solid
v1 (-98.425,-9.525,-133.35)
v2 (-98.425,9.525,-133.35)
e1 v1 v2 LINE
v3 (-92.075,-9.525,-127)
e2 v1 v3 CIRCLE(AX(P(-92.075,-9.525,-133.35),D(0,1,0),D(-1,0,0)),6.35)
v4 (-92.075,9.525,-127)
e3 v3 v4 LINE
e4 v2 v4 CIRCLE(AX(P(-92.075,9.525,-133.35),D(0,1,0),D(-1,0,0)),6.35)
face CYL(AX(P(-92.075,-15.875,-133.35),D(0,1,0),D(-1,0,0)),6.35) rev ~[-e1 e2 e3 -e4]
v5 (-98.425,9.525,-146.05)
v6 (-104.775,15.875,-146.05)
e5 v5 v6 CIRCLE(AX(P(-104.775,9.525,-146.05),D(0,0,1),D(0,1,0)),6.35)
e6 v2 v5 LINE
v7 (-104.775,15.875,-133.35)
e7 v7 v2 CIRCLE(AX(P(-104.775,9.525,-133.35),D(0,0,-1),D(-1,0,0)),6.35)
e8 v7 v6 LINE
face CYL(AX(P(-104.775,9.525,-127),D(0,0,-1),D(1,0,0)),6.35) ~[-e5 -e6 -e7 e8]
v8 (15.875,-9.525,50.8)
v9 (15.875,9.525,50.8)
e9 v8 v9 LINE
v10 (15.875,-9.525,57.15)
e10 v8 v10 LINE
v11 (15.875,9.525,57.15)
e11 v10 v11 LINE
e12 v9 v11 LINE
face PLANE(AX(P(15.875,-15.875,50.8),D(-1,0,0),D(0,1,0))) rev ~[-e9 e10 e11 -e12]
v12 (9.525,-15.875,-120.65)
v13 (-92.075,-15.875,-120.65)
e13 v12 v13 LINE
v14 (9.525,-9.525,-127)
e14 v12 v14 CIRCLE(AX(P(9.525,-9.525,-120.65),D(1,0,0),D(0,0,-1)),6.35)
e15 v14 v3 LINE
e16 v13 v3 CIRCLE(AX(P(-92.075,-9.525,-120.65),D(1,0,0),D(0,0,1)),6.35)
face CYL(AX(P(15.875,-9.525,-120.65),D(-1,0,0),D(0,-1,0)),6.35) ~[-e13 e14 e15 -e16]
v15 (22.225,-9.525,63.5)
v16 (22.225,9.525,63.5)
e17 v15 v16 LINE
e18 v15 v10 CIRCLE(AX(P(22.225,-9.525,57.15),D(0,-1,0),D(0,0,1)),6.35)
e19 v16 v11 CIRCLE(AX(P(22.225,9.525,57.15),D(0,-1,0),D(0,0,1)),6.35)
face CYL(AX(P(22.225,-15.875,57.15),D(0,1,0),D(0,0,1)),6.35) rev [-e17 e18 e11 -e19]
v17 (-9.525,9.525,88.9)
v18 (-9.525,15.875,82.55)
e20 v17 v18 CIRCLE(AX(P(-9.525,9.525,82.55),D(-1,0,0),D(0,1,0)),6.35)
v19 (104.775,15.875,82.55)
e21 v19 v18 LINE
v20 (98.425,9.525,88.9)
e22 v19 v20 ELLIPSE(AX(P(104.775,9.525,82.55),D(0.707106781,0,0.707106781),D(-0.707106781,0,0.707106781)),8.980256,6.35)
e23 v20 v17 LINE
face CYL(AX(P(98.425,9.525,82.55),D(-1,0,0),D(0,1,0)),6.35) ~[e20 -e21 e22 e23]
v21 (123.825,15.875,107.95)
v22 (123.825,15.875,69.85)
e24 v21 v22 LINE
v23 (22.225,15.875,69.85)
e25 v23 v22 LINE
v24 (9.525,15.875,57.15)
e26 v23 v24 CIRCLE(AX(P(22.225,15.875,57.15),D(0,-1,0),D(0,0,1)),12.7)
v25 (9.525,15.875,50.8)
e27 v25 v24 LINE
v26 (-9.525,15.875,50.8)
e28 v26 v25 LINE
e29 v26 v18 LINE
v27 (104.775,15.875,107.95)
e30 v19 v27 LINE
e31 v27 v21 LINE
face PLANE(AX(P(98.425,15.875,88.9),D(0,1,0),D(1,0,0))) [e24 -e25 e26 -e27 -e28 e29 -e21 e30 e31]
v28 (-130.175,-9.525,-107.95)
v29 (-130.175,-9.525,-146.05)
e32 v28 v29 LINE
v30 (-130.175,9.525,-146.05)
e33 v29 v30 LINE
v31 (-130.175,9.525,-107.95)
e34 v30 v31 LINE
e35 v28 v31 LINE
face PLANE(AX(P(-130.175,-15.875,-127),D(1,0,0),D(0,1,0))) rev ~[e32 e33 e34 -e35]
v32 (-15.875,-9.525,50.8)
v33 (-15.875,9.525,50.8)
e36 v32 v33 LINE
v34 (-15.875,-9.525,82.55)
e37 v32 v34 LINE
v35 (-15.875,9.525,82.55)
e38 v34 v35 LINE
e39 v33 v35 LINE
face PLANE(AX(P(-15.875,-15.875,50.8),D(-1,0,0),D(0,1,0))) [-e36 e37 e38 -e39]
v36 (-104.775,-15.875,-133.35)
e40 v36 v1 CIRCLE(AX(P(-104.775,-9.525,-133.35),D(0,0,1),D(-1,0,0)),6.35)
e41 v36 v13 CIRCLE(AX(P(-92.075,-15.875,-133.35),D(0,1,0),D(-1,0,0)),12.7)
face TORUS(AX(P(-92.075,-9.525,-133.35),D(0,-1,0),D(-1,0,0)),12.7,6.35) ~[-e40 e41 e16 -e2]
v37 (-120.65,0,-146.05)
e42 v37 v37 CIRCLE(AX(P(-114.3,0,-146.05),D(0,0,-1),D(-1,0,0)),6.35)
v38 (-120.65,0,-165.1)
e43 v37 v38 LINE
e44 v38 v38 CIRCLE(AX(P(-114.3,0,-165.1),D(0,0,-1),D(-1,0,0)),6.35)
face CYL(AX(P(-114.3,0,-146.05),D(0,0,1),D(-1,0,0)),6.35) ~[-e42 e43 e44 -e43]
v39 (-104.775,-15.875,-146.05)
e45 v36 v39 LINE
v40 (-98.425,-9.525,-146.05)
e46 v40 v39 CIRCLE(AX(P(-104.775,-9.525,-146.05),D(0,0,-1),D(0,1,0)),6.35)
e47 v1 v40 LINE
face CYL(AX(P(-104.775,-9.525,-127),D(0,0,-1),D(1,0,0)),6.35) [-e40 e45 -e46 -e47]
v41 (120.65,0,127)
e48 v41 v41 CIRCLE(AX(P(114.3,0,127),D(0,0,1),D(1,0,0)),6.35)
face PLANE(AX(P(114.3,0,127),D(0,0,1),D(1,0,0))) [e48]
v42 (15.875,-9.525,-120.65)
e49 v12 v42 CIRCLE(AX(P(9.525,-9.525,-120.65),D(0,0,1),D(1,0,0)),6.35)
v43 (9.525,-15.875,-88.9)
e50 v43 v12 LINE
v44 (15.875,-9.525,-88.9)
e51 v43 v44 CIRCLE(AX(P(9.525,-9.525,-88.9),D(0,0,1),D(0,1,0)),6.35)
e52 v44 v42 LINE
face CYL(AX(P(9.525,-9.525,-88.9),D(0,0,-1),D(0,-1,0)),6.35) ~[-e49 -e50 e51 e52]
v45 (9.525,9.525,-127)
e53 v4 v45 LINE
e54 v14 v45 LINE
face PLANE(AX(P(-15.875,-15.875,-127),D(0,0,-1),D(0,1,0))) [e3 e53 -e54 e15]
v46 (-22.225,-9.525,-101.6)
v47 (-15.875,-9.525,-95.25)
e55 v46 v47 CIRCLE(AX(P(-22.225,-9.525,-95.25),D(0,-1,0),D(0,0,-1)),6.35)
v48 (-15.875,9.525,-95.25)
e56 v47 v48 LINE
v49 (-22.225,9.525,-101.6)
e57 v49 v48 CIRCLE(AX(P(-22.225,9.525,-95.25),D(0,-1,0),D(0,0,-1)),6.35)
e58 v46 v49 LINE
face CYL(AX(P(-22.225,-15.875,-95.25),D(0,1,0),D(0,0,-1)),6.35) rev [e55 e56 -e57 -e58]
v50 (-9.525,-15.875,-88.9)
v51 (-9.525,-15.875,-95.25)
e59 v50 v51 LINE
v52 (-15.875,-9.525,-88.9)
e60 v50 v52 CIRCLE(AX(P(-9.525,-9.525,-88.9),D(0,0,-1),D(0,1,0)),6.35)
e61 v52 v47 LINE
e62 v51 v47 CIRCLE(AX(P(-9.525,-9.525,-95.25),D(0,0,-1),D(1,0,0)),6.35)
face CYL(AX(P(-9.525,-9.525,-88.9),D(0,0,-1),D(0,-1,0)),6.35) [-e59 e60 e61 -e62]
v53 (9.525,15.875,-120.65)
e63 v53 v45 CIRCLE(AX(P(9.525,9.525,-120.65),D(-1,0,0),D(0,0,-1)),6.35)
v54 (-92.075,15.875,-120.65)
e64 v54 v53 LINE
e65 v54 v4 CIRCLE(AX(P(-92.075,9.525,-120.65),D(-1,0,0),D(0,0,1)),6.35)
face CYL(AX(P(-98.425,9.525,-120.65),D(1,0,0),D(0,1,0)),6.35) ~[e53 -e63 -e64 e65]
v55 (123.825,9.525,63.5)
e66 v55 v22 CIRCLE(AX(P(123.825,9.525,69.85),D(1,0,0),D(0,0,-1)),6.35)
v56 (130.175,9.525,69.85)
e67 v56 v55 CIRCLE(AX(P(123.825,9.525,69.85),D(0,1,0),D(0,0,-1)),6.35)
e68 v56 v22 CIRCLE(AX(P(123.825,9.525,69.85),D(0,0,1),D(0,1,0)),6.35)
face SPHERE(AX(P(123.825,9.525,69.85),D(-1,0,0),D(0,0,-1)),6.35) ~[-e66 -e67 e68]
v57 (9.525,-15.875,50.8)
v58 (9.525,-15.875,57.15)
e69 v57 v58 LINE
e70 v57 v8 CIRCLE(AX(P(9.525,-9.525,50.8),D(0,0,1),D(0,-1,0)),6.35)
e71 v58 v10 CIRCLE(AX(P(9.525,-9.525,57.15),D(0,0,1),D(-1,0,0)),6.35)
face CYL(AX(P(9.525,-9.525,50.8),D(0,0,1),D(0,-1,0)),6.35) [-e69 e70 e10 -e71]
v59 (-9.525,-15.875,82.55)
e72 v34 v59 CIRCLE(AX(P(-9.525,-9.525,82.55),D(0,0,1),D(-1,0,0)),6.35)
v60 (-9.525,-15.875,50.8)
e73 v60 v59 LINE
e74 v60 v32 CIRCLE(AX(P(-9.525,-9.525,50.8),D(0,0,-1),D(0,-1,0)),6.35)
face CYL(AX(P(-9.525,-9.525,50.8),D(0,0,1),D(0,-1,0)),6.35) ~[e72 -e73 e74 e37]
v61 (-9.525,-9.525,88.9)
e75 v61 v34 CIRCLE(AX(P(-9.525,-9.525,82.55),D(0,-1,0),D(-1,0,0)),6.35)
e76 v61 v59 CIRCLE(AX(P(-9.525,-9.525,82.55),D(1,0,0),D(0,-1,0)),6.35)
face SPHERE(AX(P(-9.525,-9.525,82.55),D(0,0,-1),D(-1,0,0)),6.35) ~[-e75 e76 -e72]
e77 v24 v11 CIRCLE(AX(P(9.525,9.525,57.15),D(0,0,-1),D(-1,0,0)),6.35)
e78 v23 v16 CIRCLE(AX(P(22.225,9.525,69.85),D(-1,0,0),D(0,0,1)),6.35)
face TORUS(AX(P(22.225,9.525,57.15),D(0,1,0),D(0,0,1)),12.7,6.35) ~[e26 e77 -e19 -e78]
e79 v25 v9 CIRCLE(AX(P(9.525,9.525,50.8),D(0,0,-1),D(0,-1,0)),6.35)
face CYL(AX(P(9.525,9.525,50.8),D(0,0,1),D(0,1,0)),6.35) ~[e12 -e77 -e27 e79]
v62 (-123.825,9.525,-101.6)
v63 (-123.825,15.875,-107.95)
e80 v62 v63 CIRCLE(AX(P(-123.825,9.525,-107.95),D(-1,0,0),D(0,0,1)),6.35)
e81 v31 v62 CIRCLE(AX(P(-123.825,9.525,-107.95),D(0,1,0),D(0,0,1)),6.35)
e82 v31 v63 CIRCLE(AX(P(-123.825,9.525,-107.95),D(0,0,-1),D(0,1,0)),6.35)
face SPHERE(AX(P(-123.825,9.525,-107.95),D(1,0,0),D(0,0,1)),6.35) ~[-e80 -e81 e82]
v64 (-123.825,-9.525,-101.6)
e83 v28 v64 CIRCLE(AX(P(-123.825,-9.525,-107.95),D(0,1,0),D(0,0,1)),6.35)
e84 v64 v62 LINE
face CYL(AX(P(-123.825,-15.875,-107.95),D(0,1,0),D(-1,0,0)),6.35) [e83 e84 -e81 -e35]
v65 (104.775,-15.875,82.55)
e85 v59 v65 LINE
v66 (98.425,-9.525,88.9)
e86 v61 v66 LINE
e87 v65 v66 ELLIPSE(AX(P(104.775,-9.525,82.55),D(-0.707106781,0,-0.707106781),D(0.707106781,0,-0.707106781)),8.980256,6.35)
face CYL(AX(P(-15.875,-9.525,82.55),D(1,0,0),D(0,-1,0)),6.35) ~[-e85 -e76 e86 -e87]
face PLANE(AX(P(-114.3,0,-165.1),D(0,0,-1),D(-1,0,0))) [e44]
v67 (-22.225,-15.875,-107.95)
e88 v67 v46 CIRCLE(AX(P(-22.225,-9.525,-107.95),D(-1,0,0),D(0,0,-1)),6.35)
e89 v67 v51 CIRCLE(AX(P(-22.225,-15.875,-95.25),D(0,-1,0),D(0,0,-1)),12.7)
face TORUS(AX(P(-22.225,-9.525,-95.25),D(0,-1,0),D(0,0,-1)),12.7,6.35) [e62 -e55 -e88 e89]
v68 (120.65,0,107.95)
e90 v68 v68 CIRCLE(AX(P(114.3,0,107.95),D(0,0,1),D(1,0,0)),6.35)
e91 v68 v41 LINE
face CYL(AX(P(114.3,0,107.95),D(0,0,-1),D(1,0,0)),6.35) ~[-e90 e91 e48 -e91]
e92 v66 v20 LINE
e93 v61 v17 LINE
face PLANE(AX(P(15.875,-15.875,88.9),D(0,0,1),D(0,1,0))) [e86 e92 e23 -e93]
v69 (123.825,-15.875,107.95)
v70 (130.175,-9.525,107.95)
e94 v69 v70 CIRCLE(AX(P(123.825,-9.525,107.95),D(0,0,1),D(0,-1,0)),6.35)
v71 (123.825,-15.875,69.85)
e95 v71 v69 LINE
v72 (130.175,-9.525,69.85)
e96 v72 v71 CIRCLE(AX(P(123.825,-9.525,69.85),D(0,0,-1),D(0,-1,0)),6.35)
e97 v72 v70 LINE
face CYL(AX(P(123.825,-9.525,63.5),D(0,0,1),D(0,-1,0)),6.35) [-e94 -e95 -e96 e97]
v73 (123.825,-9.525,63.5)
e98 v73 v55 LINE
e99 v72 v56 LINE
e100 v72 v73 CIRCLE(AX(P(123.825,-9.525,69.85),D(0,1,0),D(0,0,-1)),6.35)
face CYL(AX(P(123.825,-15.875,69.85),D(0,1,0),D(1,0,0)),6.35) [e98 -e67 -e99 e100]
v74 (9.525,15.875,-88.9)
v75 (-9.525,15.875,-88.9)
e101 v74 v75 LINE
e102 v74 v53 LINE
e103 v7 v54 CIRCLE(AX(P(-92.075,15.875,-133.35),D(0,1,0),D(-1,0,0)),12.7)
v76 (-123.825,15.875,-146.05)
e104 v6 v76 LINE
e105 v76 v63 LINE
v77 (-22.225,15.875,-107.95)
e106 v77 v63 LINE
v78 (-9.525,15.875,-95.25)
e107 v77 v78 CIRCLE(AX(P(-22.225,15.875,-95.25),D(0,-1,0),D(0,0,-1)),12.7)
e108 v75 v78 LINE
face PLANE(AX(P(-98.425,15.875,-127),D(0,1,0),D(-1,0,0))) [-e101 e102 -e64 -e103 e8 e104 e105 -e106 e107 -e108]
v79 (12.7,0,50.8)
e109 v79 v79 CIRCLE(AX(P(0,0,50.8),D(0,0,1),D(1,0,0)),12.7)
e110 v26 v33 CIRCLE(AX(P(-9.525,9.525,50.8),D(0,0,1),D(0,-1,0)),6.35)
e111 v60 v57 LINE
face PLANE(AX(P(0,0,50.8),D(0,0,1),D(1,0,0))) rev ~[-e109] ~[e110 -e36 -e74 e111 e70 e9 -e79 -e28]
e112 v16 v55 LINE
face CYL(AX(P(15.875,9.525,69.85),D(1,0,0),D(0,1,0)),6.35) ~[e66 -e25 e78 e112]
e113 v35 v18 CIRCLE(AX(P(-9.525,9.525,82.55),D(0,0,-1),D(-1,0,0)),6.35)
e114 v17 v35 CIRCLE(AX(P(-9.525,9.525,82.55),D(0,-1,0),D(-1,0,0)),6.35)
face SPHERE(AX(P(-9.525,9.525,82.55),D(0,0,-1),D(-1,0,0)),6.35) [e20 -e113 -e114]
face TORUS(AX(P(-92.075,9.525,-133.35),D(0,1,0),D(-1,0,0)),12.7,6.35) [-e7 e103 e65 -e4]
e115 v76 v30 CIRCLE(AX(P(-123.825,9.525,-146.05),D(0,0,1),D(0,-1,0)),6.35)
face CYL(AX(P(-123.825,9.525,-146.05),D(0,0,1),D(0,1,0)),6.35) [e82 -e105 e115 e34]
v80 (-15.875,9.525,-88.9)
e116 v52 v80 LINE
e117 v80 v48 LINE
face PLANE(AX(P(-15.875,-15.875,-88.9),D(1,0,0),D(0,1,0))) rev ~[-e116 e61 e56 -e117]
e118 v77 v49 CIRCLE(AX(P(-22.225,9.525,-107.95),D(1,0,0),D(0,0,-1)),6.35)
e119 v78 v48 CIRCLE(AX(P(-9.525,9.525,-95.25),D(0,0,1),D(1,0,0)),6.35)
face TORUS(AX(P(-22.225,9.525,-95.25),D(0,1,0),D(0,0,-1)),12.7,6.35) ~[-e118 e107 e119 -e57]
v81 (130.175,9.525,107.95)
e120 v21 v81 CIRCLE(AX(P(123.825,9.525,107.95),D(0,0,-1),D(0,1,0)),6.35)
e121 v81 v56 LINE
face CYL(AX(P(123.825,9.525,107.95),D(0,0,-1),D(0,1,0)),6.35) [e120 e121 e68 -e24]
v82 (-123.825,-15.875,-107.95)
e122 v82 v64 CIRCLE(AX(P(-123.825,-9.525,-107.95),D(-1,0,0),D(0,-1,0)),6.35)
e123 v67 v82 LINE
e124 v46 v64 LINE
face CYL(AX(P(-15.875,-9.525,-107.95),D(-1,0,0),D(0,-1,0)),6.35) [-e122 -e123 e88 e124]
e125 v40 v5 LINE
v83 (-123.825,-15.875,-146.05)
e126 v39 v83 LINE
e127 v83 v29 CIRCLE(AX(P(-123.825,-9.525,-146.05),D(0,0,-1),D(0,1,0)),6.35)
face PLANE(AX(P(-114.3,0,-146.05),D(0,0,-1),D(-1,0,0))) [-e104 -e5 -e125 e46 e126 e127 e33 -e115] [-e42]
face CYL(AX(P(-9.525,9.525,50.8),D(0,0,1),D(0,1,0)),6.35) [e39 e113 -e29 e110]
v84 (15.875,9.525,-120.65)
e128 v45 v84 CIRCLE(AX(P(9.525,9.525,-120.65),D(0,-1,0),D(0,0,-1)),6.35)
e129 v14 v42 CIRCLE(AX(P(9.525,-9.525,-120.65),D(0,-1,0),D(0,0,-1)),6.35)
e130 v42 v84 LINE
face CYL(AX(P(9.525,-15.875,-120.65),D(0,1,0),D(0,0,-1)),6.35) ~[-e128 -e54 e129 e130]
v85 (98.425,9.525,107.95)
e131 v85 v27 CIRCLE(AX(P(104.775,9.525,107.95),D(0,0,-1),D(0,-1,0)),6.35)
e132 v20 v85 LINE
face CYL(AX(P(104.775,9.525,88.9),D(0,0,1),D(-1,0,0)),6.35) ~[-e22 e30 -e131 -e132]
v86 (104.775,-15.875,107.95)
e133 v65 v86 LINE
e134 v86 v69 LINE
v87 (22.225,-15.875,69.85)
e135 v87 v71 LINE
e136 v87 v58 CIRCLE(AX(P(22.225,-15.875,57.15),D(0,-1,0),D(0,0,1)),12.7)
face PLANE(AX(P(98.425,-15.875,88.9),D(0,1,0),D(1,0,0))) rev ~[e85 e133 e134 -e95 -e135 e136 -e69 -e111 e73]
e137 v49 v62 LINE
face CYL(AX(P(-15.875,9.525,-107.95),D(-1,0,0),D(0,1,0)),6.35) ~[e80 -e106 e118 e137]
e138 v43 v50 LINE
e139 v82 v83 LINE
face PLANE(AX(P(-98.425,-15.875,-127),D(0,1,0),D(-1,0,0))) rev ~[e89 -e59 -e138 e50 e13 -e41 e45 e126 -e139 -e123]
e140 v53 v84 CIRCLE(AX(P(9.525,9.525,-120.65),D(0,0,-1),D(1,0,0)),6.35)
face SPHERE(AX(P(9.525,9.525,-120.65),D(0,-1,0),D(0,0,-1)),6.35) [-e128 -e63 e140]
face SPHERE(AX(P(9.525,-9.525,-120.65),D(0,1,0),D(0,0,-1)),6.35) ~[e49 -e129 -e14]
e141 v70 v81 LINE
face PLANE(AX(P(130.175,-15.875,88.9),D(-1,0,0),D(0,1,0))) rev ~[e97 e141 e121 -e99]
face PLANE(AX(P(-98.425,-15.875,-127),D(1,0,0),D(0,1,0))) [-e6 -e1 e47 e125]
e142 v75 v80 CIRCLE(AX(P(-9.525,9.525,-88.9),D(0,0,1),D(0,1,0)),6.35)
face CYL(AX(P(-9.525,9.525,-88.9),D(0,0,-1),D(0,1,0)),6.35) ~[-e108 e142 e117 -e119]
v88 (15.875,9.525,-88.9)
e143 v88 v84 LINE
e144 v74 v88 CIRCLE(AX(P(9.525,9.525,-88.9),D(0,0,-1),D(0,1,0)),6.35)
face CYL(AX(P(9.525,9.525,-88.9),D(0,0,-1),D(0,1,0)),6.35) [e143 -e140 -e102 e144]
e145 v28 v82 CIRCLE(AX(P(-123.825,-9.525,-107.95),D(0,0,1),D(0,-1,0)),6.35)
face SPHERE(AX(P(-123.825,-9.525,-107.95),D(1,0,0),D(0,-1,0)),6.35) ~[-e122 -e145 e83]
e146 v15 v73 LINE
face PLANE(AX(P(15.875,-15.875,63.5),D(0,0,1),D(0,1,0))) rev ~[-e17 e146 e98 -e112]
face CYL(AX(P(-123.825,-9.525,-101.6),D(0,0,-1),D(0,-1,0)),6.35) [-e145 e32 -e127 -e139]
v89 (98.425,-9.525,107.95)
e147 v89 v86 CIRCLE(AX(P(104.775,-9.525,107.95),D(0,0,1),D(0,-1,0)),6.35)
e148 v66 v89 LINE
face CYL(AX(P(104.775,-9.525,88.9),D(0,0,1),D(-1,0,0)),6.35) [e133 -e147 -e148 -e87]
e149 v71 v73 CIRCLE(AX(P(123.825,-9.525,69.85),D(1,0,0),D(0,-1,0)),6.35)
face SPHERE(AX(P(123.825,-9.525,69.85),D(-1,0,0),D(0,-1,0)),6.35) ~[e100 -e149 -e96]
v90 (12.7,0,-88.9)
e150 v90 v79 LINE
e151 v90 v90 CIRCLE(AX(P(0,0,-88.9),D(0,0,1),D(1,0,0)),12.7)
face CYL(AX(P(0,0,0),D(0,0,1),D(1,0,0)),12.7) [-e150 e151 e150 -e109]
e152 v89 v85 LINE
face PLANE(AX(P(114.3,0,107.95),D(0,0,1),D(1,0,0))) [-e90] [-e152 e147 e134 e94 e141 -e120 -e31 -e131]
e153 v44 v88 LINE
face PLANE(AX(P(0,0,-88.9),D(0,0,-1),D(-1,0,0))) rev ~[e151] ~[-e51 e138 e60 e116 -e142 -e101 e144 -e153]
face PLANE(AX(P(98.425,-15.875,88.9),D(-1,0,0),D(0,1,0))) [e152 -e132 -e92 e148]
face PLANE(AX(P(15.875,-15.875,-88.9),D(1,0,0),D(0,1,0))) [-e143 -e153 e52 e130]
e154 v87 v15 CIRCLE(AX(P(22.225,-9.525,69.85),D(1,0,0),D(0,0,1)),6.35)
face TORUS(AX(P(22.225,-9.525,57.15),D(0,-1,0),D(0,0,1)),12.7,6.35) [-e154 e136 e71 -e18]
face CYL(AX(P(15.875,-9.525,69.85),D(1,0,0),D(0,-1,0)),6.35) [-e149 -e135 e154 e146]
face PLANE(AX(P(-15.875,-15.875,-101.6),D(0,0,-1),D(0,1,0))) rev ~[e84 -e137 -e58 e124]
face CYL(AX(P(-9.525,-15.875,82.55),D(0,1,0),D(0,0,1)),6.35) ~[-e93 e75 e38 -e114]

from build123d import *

# Parameters (mm, degrees)
CROQUIS3_R                   = 12.7
SALIENTE_EXTRUIR1_DEPTH      = 50.8
SALIENTE_EXTRUIR1_DEPTH_BACK = 88.9
CROQUIS4_W                   = 31.75
CROQUIS4_H                   = 31.75
SALIENTE_EXTRUIR2_DEPTH      = 38.1
CROQUIS6_W                   = 25.4
CROQUIS6_H                   = 31.75
SALIENTE_EXTRUIR3_DEPTH      = 114.3
CROQUIS8_W                   = 31.75
CROQUIS8_H                   = 31.75
SALIENTE_EXTRUIR4_DEPTH      = 19.05
CROQUIS9_R                   = 6.35
SALIENTE_EXTRUIR5_DEPTH      = 19.05
REDONDEO1_R                  = 6.35
CROQUIS12_W                  = 31.75
CROQUIS12_H                  = 31.75
SALIENTE_EXTRUIR6_DEPTH      = 38.1
CROQUIS13_W                  = 25.4
CROQUIS13_H                  = 31.75
SALIENTE_EXTRUIR7_DEPTH      = 114.3
CROQUIS14_W                  = 31.75
CROQUIS14_H                  = 31.75
SALIENTE_EXTRUIR8_DEPTH      = 19.05
CROQUIS16_R                  = 6.35
SALIENTE_EXTRUIR9_DEPTH      = 19.05
REDONDEO2_R                  = 6.35


with BuildPart() as part:
    # Croquis3 → Saliente-Extruir1 (new body, two sides)
    with BuildSketch(Plane.XY) as saliente_extruir1_sk:
        Circle(CROQUIS3_R)
    extrude(amount=SALIENTE_EXTRUIR1_DEPTH)
    extrude(saliente_extruir1_sk.sketch, amount=-SALIENTE_EXTRUIR1_DEPTH_BACK)

    # Croquis4 → Saliente-Extruir2 (add)
    with BuildSketch(Plane(origin=(0, 0, -88.9), x_dir=(-1, 0, 0), z_dir=(0, 0, -1))):
        Rectangle(CROQUIS4_W, CROQUIS4_H)
    extrude(amount=SALIENTE_EXTRUIR2_DEPTH)

    # Croquis6 → Saliente-Extruir3 (add)
    with BuildSketch(Plane.ZY.offset(15.875)):
        with Locations((-114.3, 0)):
            Rectangle(CROQUIS6_W, CROQUIS6_H)
    extrude(amount=SALIENTE_EXTRUIR3_DEPTH)

    # Croquis8 → Saliente-Extruir4 (add)
    with BuildSketch(Plane(origin=(0, 0, -127), x_dir=(-1, 0, 0), z_dir=(0, 0, -1))):
        with Locations((114.3, 0)):
            Rectangle(CROQUIS8_W, CROQUIS8_H)
    extrude(amount=SALIENTE_EXTRUIR4_DEPTH)

    # Croquis9 → Saliente-Extruir5 (add)
    with BuildSketch(Plane(origin=(0, 0, -146.05), x_dir=(-1, 0, 0), z_dir=(0, 0, -1))):
        with Locations((114.3, 0)):
            Circle(CROQUIS9_R)
    extrude(amount=SALIENTE_EXTRUIR5_DEPTH)

    # Redondeo1
    redondeo1_edges = [part.edges().sort_by_distance(p)[0] for p in [
        (15.875, 0, -127),
        (-41.275, -15.875, -127),
        (-15.875, 15.875, -95.25),
        (-15.875, -15.875, -95.25),
        (-15.875, 0, -101.6),
        (-73.025, -15.875, -101.6),
        (-73.025, 15.875, -101.6),
        (-130.175, -15.875, -123.825),
        (-130.175, 0, -101.6),
        (-130.175, 15.875, -123.825),
        (-41.275, 15.875, -127),
        (-98.425, 0, -127),
        (-98.425, 15.875, -136.525),
        (-98.425, -15.875, -136.525),
        (15.875, 15.875, -107.95),
        (15.875, -15.875, -107.95),
    ]]
    fillet(redondeo1_edges, radius=REDONDEO1_R)

    # Croquis12 → Saliente-Extruir6 (add)
    with BuildSketch(Plane.XY.offset(50.8)):
        Rectangle(CROQUIS12_W, CROQUIS12_H)
    extrude(amount=SALIENTE_EXTRUIR6_DEPTH)

    # Croquis13 → Saliente-Extruir7 (add)
    with BuildSketch(Plane(origin=(15.875, 0, 0), x_dir=(0, 0, -1), z_dir=(1, 0, 0))):
        with Locations((-76.2, 0)):
            Rectangle(CROQUIS13_W, CROQUIS13_H)
    extrude(amount=SALIENTE_EXTRUIR7_DEPTH)

    # Croquis14 → Saliente-Extruir8 (add)
    with BuildSketch(Plane.XY.offset(88.9)):
        with Locations((114.3, 0)):
            Rectangle(CROQUIS14_W, CROQUIS14_H)
    extrude(amount=SALIENTE_EXTRUIR8_DEPTH)

    # Croquis16 → Saliente-Extruir9 (add)
    with BuildSketch(Plane.XY.offset(107.95)):
        with Locations((114.3, 0)):
            Circle(CROQUIS16_R)
    extrude(amount=SALIENTE_EXTRUIR9_DEPTH)

    # Redondeo2
    redondeo2_edges = [part.edges().sort_by_distance(p)[0] for p in [
        (-15.875, 15.875, 69.85),
        (-15.875, -15.875, 69.85),
        (-15.875, 0, 88.9),
        (41.275, -15.875, 88.9),
        (15.875, 15.875, 57.15),
        (15.875, -15.875, 57.15),
        (15.875, 0, 63.5),
        (73.025, -15.875, 63.5),
        (73.025, 15.875, 63.5),
        (130.175, -15.875, 85.725),
        (130.175, 0, 63.5),
        (130.175, 15.875, 85.725),
        (41.275, 15.875, 88.9),
        (98.425, 15.875, 98.425),
        (98.425, -15.875, 98.425),
    ]]
    fillet(redondeo2_edges, radius=REDONDEO2_R)


solid = part.part
